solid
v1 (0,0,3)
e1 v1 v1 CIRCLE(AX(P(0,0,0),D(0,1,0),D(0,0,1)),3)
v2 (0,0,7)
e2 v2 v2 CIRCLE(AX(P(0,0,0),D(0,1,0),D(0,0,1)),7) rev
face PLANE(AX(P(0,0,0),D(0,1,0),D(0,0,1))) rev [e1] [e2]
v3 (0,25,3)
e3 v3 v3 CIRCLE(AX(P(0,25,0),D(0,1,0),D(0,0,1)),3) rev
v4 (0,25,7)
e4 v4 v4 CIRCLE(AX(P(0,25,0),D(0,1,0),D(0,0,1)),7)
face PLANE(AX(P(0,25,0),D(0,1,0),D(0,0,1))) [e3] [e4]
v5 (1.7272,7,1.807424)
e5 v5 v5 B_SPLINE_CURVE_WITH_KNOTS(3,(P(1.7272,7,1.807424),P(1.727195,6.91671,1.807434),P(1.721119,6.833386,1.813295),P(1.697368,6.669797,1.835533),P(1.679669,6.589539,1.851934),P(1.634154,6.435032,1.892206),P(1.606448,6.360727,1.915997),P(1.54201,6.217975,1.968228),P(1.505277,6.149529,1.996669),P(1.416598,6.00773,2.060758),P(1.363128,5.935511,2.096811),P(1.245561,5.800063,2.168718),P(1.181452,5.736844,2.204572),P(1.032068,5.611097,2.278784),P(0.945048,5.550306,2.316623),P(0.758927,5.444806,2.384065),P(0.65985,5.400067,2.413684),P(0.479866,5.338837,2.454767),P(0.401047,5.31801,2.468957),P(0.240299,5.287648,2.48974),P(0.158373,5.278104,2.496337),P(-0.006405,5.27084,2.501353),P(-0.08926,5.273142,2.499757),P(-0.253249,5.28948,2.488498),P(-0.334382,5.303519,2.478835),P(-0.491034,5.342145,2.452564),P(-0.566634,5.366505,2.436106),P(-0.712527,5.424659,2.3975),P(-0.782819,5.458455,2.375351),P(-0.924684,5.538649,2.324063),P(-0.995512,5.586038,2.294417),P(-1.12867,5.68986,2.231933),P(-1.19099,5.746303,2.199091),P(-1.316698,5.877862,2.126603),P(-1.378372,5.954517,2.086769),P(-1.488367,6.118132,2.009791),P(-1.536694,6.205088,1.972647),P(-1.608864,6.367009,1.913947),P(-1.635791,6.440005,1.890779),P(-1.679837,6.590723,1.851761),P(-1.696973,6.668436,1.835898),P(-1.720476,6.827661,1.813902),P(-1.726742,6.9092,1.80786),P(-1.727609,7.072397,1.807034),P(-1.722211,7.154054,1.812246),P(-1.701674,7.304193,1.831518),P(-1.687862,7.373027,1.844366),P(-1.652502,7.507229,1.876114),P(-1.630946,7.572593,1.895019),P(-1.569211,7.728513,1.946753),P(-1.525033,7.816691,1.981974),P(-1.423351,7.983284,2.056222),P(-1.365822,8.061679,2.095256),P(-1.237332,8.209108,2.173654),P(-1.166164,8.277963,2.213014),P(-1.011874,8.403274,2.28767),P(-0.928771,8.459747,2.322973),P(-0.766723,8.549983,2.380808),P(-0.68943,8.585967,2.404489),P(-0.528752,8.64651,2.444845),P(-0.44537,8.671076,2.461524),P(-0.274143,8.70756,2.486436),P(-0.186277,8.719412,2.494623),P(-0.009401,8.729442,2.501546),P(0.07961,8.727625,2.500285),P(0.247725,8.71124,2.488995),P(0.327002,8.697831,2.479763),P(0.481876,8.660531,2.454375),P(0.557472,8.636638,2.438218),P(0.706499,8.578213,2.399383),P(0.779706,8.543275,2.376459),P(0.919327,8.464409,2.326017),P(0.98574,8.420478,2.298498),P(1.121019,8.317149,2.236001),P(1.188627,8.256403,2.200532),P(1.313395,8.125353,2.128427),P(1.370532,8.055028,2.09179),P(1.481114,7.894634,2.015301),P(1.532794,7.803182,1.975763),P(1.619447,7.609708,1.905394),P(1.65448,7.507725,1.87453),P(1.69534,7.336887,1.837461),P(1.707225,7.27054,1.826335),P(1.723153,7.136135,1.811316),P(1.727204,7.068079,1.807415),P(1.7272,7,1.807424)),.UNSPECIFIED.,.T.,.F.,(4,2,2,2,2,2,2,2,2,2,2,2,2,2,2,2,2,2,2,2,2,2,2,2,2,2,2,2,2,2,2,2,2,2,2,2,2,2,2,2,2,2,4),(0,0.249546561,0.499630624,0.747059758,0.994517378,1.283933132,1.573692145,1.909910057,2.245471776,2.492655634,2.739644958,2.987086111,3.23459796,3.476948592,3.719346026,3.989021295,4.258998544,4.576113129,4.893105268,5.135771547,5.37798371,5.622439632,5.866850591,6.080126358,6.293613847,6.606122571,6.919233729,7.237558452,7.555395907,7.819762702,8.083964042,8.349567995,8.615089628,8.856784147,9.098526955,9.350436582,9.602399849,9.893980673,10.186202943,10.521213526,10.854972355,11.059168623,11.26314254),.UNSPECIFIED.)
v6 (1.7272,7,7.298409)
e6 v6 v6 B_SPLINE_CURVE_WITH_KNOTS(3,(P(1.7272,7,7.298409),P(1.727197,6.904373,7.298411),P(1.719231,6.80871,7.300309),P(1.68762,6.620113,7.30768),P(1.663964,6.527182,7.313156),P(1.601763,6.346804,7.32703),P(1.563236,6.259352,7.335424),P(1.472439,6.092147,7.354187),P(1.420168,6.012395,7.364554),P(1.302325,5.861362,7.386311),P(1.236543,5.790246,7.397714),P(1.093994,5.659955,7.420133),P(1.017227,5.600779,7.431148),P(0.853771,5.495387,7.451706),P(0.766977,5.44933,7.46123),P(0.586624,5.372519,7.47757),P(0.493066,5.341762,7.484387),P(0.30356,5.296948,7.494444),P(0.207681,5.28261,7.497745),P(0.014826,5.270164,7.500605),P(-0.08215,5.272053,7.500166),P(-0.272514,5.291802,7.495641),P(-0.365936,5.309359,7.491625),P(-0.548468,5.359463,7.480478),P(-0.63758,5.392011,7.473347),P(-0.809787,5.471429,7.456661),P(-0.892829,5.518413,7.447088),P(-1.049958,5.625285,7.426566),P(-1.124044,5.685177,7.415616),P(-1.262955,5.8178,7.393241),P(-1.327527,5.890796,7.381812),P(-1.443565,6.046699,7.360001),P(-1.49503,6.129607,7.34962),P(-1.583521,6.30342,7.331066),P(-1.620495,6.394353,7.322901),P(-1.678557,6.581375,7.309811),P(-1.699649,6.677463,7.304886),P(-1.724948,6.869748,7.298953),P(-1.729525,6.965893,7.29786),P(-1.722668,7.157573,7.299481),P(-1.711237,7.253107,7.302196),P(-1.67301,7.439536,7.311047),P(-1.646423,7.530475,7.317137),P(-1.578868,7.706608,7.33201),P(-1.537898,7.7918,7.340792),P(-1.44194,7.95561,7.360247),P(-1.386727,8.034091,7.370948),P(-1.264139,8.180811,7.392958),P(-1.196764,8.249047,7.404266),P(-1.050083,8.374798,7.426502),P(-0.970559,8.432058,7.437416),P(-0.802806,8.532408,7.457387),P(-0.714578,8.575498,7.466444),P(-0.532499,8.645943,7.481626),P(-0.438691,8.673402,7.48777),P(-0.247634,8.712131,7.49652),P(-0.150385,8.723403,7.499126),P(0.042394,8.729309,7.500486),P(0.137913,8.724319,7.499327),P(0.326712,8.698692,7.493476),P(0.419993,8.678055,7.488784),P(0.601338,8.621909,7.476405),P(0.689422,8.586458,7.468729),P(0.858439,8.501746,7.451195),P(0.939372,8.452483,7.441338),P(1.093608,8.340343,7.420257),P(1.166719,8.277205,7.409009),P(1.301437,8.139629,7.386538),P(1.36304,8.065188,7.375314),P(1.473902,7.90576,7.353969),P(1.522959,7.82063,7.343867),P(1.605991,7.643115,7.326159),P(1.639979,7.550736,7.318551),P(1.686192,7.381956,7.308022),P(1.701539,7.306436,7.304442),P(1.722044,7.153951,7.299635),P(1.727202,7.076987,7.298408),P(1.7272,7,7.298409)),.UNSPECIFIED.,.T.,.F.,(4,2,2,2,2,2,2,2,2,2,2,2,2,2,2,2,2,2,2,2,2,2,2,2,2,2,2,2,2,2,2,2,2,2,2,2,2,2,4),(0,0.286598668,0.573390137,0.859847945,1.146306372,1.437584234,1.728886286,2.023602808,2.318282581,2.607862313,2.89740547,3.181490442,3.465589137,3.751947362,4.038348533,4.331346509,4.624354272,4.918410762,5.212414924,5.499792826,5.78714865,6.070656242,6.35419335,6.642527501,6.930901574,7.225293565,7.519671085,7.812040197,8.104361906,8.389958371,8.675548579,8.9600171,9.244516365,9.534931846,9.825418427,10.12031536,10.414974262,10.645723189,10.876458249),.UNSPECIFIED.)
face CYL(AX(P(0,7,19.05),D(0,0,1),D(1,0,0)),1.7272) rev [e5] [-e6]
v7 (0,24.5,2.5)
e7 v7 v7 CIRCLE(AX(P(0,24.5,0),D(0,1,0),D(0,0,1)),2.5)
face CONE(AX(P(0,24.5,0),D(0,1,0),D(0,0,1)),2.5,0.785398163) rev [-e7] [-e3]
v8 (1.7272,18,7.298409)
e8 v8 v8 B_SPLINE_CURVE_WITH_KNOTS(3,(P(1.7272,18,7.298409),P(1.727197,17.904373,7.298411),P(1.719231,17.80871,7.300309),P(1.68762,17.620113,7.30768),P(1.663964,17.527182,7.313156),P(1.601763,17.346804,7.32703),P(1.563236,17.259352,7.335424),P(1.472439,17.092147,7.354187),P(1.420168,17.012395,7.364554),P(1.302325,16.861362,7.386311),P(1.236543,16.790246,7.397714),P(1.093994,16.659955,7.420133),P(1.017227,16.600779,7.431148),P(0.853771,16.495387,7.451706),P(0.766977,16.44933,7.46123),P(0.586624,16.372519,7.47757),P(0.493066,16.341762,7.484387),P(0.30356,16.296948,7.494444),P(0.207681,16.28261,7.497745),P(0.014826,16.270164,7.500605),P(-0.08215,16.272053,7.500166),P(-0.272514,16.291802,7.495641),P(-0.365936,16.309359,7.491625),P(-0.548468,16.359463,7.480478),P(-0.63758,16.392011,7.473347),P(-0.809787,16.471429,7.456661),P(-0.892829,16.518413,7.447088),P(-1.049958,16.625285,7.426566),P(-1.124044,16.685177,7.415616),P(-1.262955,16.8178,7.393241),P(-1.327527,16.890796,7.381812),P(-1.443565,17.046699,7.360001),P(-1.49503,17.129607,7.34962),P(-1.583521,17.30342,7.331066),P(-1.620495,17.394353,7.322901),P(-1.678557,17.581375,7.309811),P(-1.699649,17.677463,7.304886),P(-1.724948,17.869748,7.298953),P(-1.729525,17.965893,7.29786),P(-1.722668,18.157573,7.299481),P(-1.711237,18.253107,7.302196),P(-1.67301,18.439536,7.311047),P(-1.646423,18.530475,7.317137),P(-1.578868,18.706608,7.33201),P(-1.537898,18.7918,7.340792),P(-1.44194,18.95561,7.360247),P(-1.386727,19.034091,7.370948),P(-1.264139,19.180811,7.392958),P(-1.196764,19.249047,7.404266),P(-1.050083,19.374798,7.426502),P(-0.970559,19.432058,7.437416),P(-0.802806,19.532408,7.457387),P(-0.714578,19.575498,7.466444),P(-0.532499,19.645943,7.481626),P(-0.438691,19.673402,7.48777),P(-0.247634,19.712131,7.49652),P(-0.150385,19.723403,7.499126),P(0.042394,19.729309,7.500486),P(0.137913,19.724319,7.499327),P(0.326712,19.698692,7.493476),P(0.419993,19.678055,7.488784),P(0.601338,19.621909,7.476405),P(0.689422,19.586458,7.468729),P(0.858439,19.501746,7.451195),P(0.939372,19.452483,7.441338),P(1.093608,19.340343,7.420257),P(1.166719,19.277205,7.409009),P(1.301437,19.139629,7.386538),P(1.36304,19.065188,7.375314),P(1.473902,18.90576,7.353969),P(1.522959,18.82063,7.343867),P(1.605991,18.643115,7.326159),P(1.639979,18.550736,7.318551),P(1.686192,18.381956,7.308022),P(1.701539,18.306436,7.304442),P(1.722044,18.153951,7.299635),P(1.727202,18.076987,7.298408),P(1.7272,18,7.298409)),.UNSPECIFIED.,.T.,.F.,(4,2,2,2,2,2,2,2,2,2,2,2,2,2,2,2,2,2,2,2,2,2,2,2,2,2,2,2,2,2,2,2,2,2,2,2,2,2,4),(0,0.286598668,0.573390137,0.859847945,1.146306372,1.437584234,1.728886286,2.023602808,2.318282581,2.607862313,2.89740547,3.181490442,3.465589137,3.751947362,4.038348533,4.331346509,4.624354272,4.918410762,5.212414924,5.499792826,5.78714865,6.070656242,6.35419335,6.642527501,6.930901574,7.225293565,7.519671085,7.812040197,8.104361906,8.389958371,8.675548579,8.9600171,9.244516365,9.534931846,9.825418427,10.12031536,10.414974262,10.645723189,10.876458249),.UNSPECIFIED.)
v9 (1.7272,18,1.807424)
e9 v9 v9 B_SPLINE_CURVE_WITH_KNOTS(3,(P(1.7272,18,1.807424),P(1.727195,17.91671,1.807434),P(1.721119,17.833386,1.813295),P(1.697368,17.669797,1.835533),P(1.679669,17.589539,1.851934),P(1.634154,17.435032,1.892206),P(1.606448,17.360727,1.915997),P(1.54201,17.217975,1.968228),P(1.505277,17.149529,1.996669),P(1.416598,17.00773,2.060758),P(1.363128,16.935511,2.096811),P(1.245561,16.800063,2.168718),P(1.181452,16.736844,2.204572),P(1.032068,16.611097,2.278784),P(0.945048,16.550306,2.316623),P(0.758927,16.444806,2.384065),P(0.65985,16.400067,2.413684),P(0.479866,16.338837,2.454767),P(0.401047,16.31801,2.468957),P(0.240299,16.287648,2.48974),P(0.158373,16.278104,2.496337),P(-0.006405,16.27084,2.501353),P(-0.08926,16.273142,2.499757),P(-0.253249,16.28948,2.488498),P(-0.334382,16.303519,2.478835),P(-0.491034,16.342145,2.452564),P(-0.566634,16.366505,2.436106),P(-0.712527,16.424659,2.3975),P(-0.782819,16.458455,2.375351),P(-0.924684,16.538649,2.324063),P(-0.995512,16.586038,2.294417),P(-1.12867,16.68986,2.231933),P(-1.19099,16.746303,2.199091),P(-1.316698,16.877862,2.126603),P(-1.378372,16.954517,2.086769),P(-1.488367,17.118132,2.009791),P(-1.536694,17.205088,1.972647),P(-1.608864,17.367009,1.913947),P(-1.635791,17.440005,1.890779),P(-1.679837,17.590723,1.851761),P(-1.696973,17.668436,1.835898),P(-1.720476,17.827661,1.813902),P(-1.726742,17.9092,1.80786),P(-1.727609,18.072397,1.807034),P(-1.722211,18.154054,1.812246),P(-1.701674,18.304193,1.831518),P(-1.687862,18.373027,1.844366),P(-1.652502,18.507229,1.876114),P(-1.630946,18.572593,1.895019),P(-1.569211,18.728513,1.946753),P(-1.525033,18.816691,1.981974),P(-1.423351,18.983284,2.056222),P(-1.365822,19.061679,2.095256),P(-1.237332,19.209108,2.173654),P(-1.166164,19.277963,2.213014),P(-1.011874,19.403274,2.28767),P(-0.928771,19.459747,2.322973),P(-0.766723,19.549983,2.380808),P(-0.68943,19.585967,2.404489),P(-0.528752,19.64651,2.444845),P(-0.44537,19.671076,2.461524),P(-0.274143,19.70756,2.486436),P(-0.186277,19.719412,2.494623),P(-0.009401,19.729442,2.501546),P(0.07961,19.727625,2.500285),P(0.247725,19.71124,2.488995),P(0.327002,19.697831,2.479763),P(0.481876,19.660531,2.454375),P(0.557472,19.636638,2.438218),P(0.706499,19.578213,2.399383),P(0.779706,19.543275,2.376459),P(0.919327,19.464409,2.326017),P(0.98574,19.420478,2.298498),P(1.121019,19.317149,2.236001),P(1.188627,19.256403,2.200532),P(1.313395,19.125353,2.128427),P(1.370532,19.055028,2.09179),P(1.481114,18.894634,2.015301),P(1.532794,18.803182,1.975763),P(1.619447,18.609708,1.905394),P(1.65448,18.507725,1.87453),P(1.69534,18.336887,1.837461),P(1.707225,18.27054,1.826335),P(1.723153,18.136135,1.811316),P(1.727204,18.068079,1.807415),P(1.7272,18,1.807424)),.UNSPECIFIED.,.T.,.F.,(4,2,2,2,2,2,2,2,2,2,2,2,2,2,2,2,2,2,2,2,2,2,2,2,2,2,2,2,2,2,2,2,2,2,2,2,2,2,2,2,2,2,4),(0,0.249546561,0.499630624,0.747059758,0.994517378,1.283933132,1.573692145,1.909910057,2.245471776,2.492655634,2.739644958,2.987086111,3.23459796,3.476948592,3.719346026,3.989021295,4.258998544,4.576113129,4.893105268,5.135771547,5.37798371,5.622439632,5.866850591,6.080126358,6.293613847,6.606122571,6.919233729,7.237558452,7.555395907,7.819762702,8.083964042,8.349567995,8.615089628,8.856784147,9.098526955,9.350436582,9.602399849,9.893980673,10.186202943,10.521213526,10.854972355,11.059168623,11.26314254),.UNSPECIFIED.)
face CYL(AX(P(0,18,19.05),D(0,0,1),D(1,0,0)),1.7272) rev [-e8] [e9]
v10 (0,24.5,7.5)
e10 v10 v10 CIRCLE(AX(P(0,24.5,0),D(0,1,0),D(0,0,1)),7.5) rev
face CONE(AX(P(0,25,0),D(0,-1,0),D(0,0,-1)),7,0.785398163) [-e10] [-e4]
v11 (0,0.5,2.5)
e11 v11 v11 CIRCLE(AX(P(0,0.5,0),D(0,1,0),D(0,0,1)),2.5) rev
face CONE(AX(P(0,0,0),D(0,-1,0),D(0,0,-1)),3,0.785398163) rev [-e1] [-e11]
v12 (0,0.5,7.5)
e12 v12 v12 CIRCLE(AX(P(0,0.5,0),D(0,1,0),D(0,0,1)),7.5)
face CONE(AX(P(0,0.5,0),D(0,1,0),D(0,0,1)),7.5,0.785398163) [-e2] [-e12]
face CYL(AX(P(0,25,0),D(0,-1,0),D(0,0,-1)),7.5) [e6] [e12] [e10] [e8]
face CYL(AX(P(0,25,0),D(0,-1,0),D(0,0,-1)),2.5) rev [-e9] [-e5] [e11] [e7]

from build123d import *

# Parameters (mm, degrees)
SKETCH1_R                 = 7.5
SKETCH1_R_2               = 2.5
BOSS_EXTRUDE1_DEPTH       = 25
CHAMFER1_SIZE             = 0.5
F_8_32_TAPPED_HOLE1_D     = 3.4544
F_8_32_TAPPED_HOLE1_DEPTH = 18
F_8_32_TAPPED_HOLE1_TIP   = 1.037806461


with BuildPart() as part:
    # Sketch1 → Boss-Extrude1 (new body)
    with BuildSketch(Plane(origin=(0, 0, 0), x_dir=(1, 0, 0), z_dir=(0, 1, 0))):
        Circle(SKETCH1_R)
        Circle(SKETCH1_R_2, mode=Mode.SUBTRACT)
    extrude(amount=BOSS_EXTRUDE1_DEPTH)

    # Chamfer1
    chamfer1_edges = [part.edges().sort_by_distance(p)[0] for p in [
        (-7.5, 0, 0),
        (-7.5, 25, 0),
        (-2.5, 0, 0),
        (-2.5, 25, 0),
    ]]
    chamfer(chamfer1_edges, length=CHAMFER1_SIZE)

    # #8-32 Tapped Hole1
    with Locations(Plane.XY.offset(19.05)):
        with Locations((0, 18), (0, 7)):
            Hole(F_8_32_TAPPED_HOLE1_D / 2, depth=F_8_32_TAPPED_HOLE1_DEPTH)
            with Locations((0, 0, -(F_8_32_TAPPED_HOLE1_DEPTH + F_8_32_TAPPED_HOLE1_TIP / 2))):  # 118° drill point
                Cone(0, F_8_32_TAPPED_HOLE1_D / 2, F_8_32_TAPPED_HOLE1_TIP, mode=Mode.SUBTRACT)


solid = part.part
